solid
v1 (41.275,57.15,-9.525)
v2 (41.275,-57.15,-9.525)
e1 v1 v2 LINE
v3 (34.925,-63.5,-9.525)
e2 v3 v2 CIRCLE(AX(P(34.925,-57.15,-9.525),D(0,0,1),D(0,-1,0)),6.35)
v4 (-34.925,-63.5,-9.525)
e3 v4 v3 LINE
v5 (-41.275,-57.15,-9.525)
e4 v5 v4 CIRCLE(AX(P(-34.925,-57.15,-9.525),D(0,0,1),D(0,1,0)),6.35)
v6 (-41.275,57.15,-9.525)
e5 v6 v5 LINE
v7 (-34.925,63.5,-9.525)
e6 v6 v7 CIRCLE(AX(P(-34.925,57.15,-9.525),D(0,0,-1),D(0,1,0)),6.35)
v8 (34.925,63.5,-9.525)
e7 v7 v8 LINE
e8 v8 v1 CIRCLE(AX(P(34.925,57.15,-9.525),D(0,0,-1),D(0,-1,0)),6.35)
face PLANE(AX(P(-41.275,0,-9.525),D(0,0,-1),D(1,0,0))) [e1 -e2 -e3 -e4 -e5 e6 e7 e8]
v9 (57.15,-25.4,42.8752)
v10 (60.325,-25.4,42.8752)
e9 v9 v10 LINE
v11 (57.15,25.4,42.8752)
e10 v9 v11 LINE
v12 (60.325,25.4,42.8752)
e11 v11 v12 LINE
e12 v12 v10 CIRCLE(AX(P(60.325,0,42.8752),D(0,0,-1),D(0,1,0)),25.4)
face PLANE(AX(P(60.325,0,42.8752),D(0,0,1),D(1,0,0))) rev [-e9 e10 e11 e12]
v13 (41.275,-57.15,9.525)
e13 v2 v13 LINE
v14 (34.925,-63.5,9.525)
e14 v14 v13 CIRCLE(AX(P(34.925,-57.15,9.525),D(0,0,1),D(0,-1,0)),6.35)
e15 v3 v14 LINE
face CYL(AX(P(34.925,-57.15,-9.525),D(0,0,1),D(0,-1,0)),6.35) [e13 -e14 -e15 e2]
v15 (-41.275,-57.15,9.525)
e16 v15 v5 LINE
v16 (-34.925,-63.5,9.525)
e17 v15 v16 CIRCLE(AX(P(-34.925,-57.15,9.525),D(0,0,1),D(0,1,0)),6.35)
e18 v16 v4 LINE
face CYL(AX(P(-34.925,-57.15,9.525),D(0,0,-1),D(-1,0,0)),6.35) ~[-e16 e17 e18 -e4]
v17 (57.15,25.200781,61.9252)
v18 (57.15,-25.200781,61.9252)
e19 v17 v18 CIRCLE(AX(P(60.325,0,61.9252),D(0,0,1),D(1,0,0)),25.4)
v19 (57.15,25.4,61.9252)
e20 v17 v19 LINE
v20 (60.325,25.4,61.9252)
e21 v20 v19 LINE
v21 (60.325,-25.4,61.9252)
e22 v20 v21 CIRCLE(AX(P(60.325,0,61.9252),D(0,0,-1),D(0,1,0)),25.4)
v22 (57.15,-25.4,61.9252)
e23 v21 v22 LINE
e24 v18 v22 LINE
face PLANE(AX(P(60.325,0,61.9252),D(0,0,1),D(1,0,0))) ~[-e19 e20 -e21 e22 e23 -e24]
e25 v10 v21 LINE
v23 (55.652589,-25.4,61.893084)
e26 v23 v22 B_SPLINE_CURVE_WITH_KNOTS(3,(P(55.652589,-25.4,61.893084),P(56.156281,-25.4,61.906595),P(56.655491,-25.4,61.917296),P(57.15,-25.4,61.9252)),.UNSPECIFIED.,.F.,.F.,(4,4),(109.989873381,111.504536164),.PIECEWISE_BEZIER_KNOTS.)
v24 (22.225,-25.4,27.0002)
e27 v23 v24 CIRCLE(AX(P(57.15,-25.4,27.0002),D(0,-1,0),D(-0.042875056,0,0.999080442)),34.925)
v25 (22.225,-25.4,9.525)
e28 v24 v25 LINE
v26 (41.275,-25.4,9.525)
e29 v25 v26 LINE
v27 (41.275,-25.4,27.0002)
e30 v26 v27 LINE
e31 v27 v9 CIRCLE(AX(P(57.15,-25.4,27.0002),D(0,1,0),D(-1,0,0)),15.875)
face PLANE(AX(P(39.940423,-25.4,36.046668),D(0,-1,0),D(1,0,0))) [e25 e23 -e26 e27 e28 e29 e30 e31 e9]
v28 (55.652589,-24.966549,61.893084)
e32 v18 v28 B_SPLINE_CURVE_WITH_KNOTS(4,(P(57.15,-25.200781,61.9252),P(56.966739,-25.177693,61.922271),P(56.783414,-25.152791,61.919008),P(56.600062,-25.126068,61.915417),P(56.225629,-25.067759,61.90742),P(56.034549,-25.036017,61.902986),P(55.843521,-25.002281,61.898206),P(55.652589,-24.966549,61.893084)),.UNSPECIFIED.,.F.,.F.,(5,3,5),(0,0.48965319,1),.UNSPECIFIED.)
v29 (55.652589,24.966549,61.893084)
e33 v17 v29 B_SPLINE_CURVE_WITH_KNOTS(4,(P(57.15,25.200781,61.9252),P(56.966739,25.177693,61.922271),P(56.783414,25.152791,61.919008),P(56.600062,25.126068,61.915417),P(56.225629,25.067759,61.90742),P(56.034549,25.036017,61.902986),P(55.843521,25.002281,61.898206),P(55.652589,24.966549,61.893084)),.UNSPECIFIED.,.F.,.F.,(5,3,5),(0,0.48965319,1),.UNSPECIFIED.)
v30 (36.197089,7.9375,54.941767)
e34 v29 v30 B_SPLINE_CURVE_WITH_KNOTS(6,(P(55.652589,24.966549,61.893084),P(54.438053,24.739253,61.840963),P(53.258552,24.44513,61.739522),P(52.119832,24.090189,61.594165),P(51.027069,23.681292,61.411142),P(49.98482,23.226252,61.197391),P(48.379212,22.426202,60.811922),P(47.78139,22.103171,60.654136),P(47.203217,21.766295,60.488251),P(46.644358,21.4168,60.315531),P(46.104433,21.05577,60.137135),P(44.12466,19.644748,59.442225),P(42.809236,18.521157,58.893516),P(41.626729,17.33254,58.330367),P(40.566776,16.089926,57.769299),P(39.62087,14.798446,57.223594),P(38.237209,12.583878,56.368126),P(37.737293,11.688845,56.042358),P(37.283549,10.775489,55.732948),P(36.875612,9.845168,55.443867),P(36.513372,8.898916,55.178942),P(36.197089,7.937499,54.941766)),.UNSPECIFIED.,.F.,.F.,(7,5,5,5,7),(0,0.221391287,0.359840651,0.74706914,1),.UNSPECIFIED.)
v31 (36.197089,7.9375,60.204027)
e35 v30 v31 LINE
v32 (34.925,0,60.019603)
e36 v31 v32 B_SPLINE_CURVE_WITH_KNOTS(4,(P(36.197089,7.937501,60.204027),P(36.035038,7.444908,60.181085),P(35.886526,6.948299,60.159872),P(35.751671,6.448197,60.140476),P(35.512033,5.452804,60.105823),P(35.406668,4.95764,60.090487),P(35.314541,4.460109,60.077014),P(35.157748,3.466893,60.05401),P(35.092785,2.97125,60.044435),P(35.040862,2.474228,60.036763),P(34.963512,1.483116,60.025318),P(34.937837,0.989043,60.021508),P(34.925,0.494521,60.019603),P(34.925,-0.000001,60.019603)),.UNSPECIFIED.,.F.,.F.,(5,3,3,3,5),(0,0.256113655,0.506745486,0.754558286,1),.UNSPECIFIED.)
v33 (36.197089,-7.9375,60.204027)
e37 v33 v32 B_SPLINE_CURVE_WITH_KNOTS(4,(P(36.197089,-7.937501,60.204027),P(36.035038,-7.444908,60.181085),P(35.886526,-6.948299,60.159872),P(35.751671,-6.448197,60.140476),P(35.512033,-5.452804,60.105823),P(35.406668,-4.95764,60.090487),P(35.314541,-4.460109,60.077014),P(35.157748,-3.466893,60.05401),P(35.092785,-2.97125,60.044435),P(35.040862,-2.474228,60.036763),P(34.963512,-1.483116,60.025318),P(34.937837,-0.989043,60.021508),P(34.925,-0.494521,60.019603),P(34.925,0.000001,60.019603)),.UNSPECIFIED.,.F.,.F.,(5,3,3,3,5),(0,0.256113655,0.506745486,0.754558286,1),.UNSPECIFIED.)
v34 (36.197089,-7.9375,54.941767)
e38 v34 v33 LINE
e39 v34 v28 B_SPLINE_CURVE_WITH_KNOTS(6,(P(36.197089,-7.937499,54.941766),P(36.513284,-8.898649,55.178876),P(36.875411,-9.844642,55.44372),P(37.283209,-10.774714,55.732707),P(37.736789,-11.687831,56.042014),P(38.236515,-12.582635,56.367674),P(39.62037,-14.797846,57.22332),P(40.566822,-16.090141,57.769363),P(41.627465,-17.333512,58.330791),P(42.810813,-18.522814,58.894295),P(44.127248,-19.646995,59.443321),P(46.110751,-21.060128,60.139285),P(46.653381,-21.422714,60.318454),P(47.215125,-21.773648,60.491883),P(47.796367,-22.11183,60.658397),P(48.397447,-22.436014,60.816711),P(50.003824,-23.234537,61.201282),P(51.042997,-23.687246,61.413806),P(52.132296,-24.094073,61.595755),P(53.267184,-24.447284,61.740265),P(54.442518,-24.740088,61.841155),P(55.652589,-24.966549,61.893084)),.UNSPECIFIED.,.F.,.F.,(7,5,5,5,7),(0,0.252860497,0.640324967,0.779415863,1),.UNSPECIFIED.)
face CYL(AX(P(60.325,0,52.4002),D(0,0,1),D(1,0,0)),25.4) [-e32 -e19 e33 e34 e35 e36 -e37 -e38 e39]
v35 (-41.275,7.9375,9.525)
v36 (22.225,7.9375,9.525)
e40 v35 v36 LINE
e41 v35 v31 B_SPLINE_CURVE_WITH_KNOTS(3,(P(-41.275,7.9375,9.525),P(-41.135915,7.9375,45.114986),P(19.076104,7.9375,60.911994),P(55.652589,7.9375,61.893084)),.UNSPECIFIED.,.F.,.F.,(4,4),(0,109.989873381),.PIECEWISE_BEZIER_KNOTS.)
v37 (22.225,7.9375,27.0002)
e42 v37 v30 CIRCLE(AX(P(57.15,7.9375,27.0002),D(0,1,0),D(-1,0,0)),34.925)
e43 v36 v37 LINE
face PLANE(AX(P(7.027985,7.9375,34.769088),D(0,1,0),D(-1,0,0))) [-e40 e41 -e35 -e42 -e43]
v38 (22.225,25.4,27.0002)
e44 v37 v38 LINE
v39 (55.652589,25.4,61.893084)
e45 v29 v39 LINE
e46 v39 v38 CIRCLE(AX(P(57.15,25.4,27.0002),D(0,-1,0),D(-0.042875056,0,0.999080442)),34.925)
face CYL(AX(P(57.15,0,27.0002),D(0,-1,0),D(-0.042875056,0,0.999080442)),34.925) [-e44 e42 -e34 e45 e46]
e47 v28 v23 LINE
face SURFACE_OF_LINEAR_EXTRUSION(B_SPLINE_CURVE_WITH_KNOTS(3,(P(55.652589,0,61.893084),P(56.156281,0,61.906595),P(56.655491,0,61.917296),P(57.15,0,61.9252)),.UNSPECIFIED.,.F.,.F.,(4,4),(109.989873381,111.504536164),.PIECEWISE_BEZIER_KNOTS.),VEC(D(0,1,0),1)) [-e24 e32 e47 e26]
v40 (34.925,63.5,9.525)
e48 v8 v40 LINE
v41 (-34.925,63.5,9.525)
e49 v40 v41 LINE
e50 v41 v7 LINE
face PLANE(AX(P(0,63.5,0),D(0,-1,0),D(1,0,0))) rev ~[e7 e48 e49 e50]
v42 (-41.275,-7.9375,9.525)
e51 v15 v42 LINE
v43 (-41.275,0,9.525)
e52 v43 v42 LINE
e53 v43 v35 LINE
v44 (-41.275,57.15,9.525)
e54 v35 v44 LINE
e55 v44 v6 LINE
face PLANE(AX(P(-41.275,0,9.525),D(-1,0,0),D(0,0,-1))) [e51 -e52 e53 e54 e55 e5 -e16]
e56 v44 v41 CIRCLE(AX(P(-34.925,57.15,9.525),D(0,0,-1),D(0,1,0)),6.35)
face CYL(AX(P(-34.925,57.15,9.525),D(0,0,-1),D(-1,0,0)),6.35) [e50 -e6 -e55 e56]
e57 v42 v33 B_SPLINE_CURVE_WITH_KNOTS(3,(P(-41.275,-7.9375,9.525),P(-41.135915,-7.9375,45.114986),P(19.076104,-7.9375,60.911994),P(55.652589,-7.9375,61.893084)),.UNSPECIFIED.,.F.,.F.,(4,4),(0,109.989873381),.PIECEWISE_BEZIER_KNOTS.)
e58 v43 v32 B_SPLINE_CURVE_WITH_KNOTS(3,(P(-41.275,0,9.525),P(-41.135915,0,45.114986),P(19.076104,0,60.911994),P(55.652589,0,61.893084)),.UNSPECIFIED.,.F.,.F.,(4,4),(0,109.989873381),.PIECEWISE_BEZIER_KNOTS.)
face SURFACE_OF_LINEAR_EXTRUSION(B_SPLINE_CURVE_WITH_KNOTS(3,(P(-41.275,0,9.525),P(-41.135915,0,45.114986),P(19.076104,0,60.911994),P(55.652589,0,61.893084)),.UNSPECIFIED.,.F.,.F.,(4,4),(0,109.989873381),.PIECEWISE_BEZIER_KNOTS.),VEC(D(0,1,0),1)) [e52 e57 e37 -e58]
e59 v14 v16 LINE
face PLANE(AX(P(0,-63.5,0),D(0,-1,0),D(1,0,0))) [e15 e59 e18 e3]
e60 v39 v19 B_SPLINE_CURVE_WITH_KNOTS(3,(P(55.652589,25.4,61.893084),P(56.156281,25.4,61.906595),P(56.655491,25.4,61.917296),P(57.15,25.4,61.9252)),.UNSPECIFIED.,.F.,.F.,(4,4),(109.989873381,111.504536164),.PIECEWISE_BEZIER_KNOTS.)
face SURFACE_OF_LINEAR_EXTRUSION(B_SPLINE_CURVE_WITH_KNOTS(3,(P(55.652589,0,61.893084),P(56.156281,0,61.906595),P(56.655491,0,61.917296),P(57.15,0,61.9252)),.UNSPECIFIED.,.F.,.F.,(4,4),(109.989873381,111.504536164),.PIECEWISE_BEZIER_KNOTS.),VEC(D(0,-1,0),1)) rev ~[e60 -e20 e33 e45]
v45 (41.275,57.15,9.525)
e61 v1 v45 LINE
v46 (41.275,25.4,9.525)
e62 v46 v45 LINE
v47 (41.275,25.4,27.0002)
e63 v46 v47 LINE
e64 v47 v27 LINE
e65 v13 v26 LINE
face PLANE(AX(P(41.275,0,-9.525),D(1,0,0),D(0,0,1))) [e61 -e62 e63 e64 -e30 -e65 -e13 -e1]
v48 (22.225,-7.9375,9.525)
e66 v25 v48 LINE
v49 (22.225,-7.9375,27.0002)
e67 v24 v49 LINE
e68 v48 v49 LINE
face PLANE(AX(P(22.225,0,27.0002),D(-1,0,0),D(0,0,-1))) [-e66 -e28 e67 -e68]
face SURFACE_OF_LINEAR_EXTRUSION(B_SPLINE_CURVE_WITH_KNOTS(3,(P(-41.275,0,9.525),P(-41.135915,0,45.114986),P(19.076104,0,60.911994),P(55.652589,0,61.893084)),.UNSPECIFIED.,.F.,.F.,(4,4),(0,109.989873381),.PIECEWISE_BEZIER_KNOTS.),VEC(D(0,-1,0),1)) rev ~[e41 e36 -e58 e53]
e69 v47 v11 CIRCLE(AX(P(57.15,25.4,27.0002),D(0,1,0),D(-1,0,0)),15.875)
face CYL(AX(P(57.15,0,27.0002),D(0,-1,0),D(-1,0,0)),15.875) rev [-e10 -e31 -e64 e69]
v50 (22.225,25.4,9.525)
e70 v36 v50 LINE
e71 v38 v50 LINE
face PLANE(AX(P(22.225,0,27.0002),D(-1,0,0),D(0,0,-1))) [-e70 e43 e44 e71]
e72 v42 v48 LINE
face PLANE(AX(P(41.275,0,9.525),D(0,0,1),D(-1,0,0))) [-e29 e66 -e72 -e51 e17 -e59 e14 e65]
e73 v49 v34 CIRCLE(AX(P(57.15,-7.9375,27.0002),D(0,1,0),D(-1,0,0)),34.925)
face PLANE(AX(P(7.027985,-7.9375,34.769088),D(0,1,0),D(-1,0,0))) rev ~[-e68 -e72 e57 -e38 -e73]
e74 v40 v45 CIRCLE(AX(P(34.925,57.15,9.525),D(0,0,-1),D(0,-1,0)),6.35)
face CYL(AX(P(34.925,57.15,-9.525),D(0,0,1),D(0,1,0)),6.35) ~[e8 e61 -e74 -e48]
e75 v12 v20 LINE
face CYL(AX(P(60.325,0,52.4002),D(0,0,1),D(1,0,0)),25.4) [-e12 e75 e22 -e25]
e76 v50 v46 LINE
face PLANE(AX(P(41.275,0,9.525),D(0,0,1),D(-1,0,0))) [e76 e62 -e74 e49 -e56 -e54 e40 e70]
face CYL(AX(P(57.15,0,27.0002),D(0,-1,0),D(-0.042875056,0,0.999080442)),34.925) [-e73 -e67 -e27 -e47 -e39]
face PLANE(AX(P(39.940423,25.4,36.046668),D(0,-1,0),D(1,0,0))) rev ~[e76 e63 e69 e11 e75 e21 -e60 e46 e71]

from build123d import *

# Parameters (mm, degrees)
F1_DEPTH = 63.5
F2_DEPTH = 25.4
F3_DEPTH = 7.9375
F0_W     = 25.4
F0_H     = 19.05
F5_R     = 6.35


with BuildPart() as f1:
    # F0 (on Front) → F1 (new body, symmetric)
    with BuildSketch(Plane.XZ):
        Polygon((-41.275, 9.525), (-41.275, -9.525), (41.275, -9.525), (41.275, 9.525), (22.225, 9.525), align=None)
    extrude(amount=F1_DEPTH, both=True)

    # F0 (on Front) → F2 (join, symmetric)
    with BuildSketch(Plane.XZ):
        with BuildLine():
            Line((22.225, 9.525), (41.275, 9.525))
            Line((41.275, 9.525), (41.275, 27.0002))
            ThreePointArc((41.275, 27.0002), (45.9246798487, 38.2255201513), (57.15, 42.8752))
            Line((57.15, 42.8752), (60.325, 42.8752))
            Line((60.325, 42.8752), (60.325, 61.9252))
            Line((60.325, 61.9252), (57.15, 61.9252))
            add(Edge.make_bspline(
                [(55.6525886726, 61.8930844368), (56.1562808572, 61.9065949604), (56.6554908346, 61.9172958156), (57.15, 61.9252)],
                knots=[109.9898733807, 109.9898733807, 109.9898733807, 109.9898733807, 111.5045361635, 111.5045361635, 111.5045361635, 111.5045361635], degree=3))
            ThreePointArc((55.6525886726, 61.8930844368), (31.9304370021, 51.1606897963), (22.225, 27.0002))
            Line((22.225, 27.0002), (22.225, 9.525))
        make_face()
    extrude(amount=F2_DEPTH, both=True)

    # F0 (on Front) → F3 (join, symmetric)
    with BuildSketch(Plane.XZ):
        with BuildLine():
            add(Edge.make_bspline(
                [(-41.275, 9.525), (-41.1359151521, 45.1149860549), (19.0761042936, 60.9119942548), (55.6525886726, 61.8930844368)],
                knots=[0, 0, 0, 0, 109.9898733807, 109.9898733807, 109.9898733807, 109.9898733807], degree=3))
            Line((-41.275, 9.525), (22.225, 9.525))
            Line((22.225, 9.525), (22.225, 27.0002))
            ThreePointArc((22.225, 27.0002), (31.9304370021, 51.1606897963), (55.6525886726, 61.8930844368))
        make_face()
    extrude(amount=F3_DEPTH, both=True)

    # F0 (on Front) → F4 (revolve)
    with BuildSketch(Plane.XZ):
        with Locations((73.025, 52.4002)):
            Rectangle(F0_W, F0_H)
    revolve(axis=Axis((60.325, 0, 52.3875), (0, 0, 1)))

    # F5
    f5_edges = [f1.edges().sort_by_distance(p)[0] for p in [
        (-41.275, 63.5, 0),
        (41.275, 63.5, 0),
        (-41.275, -63.5, 0),
        (41.275, -63.5, 0),
    ]]
    fillet(f5_edges, radius=F5_R)


solid = f1.part
